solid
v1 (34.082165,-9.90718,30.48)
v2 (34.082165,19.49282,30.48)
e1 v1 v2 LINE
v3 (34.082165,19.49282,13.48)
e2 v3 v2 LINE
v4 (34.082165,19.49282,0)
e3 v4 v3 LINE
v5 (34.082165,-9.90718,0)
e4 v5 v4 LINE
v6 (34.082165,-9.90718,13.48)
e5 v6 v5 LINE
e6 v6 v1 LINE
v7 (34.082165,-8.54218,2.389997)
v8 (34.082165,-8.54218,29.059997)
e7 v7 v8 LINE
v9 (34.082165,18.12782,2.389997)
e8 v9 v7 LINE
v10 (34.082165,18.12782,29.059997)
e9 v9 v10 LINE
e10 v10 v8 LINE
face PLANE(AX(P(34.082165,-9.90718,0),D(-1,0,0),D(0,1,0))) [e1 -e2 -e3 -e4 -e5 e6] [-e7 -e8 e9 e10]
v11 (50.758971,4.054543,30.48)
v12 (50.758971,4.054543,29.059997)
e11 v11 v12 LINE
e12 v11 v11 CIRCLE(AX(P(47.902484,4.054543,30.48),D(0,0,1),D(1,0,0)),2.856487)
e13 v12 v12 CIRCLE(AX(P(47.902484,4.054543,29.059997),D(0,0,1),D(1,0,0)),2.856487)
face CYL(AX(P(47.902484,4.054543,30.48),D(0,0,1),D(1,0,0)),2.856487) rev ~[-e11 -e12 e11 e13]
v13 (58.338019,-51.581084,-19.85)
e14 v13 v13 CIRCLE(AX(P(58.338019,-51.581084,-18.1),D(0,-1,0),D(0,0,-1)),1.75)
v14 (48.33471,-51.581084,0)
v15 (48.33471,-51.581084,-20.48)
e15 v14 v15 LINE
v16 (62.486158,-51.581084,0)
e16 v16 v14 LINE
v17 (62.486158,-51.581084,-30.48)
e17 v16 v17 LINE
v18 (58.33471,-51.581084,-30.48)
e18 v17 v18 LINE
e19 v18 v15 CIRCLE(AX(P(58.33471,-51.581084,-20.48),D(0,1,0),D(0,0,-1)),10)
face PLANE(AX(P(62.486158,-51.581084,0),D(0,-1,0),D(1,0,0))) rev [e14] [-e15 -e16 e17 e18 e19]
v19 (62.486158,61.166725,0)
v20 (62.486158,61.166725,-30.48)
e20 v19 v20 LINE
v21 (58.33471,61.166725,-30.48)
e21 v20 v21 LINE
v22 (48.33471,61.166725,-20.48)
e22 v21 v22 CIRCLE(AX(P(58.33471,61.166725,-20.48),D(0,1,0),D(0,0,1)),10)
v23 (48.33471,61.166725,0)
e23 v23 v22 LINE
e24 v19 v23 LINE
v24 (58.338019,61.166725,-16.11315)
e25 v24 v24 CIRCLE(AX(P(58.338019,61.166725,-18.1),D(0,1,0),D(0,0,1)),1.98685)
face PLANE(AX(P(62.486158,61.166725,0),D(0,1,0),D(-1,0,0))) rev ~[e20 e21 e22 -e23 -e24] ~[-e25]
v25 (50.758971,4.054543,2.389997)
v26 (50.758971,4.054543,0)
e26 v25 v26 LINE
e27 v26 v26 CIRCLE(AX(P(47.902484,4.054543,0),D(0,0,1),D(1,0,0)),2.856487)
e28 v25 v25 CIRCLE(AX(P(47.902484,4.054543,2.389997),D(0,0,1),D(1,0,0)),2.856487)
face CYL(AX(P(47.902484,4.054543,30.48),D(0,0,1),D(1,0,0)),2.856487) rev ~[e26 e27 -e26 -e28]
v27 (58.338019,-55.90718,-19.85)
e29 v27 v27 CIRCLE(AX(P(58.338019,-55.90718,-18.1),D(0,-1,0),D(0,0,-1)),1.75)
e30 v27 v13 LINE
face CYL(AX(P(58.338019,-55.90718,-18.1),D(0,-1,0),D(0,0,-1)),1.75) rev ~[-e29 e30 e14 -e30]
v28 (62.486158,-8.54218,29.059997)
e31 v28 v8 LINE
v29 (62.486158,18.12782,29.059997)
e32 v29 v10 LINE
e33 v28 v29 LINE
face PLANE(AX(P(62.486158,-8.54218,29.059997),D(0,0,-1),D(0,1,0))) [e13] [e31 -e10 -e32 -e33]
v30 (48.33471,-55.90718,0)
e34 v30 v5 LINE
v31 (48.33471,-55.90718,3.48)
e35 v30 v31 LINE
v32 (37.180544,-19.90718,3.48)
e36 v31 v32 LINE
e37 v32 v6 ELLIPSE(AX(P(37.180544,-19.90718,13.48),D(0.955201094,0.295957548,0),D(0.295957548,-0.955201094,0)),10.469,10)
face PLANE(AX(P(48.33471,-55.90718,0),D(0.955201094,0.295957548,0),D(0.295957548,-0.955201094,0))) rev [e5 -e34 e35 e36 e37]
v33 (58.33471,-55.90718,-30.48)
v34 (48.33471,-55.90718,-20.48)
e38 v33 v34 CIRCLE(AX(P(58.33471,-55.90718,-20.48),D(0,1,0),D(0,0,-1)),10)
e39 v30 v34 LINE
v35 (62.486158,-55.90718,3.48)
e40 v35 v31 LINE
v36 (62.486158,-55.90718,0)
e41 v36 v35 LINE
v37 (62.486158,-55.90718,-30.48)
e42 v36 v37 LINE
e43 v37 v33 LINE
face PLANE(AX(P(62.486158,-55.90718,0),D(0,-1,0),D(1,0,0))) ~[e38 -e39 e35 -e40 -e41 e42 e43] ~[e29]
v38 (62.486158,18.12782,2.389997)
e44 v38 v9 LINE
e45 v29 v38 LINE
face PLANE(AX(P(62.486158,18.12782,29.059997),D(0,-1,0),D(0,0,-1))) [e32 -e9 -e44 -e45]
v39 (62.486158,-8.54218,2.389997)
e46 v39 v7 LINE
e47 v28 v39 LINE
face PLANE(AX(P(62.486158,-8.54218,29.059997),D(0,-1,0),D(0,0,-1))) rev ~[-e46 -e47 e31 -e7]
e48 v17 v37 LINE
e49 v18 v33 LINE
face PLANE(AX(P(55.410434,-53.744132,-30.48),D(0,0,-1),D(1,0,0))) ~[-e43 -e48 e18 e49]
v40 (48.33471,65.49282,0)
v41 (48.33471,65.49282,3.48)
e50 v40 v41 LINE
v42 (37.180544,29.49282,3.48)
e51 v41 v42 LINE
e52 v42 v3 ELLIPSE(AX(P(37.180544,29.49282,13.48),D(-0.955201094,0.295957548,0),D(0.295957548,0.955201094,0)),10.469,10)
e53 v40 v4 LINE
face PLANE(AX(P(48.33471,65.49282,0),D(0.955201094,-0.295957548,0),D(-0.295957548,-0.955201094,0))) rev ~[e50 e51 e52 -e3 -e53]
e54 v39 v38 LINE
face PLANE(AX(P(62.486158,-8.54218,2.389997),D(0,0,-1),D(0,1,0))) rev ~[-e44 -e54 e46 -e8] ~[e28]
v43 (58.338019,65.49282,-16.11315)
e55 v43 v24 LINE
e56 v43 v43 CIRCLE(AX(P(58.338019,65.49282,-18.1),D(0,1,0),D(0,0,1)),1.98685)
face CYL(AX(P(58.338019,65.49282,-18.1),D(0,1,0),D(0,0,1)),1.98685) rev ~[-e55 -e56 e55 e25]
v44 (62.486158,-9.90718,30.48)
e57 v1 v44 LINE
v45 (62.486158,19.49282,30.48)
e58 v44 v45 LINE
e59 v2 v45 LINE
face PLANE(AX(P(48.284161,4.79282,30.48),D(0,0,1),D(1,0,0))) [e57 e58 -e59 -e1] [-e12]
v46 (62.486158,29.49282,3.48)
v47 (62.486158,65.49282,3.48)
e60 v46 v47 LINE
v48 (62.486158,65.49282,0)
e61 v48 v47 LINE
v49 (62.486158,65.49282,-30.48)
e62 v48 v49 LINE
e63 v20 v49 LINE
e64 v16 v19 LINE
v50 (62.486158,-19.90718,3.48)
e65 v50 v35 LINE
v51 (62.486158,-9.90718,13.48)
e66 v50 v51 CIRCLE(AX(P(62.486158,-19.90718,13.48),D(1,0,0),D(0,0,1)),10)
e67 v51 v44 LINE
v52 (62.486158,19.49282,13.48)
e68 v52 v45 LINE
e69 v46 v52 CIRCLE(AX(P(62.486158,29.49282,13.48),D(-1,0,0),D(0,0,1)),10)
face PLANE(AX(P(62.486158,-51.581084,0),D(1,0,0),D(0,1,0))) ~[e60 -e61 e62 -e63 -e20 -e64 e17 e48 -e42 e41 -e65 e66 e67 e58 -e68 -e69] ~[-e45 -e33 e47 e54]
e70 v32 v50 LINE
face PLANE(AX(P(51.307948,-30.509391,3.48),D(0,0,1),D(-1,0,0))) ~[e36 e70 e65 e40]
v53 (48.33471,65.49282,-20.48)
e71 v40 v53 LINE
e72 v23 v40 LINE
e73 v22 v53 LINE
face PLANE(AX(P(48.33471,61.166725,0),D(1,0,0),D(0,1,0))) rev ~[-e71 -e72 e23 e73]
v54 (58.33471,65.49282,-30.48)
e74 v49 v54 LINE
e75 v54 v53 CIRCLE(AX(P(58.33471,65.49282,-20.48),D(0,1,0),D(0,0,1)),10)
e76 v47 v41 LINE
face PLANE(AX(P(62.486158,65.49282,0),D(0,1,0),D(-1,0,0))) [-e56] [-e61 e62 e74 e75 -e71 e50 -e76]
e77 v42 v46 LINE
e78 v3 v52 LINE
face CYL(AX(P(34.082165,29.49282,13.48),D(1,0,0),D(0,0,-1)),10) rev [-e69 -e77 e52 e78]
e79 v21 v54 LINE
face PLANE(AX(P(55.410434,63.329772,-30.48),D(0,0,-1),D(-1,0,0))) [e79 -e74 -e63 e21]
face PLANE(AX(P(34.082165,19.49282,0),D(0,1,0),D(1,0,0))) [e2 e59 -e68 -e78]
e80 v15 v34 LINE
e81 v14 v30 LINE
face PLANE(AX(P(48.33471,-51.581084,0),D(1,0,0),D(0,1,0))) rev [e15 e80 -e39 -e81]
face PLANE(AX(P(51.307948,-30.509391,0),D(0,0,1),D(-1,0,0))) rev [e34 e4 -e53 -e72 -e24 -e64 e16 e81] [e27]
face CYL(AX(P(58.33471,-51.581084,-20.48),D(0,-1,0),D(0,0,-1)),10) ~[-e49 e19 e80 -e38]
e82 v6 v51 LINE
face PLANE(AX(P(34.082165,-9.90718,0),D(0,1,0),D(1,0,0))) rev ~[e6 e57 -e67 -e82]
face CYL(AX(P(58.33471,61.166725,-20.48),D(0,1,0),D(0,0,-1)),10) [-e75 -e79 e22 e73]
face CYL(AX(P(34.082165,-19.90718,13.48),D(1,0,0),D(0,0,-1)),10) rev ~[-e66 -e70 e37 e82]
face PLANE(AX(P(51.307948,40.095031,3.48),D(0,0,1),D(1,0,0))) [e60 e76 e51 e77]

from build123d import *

# Parameters (mm, degrees)
SKETCH2_W           = 28.40399364
SKETCH2_H           = 29.4
BOSS_EXTRUDE1_DEPTH = 30.48
BOSS_EXTRUDE2_DEPTH = 3.48
SKETCH7_W           = 14.151447967
SKETCH7_H           = 4.326095682
BOSS_EXTRUDE3_DEPTH = 30.48
SKETCH8_R           = 1.986850399
CUT_EXTRUDE3_DEPTH  = 4.48
FILLET2_R           = 10
SKETCH4_R           = 2.85648699
CUT_EXTRUDE2_DEPTH  = 30.48
FILLET3_R           = 10
SKETCH9_R           = 1.75
CUT_EXTRUDE4_DEPTH  = 4.48
SKETCH3_W           = 26.67
SKETCH3_H           = 26.67
CUT_EXTRUDE1_DEPTH  = 30.48
FILLET4_R           = 10


with BuildPart() as part:
    # Sketch2 → Boss-Extrude1 (new body)
    with BuildSketch(Plane.XY):
        with Locations((48.284161423, 4.792820272)):
            Rectangle(SKETCH2_W, SKETCH2_H)
    boss_extrude1 = extrude(amount=BOSS_EXTRUDE1_DEPTH)

    # Sketch5 → Boss-Extrude2 (add)
    with BuildSketch(Plane(origin=(0, 0, 0), x_dir=(-1, 0, 0), z_dir=(0, 0, -1))):
        Polygon((-62.486158243, 19.492820272), (-62.486158243, 65.492820272), (-48.334710276, 65.492820272), (-34.082164603, 19.492820272), align=None)
    boss_extrude2 = extrude(amount=-BOSS_EXTRUDE2_DEPTH)

    # Sketch7 → Boss-Extrude3 (add)
    with BuildSketch(Plane(origin=(0, 0, 0), x_dir=(-1, 0, 0), z_dir=(0, 0, -1))):
        with Locations((-55.41043426, 63.329772431)):
            Rectangle(SKETCH7_W, SKETCH7_H)
    boss_extrude3 = extrude(amount=BOSS_EXTRUDE3_DEPTH)

    # Sketch8 → Cut-Extrude3 (cut)
    with BuildSketch(Plane(origin=(0, 65.492820272, 0), x_dir=(1, 0, 0), z_dir=(0, 1, 0))):
        with Locations((58.338019211, 18.1)):
            Circle(SKETCH8_R)
    extrude(amount=-CUT_EXTRUDE3_DEPTH, mode=Mode.SUBTRACT)

    # Fillet2
    fillet2_edges = [part.edges().sort_by_distance(p)[0] for p in [
        (48.284161423, 19.492820272, 3.48),
    ]]
    fillet(fillet2_edges, radius=FILLET2_R)

    # Mirror3: Boss-Extrude1, Boss-Extrude2, Boss-Extrude3 across plane
    add(boss_extrude1.mirror(Plane(origin=(0, 4.792820272, 0), x_dir=(0, 0, 1), z_dir=(0, -1, 0))))
    add(boss_extrude2.mirror(Plane(origin=(0, 4.792820272, 0), x_dir=(0, 0, 1), z_dir=(0, -1, 0))))
    add(boss_extrude3.mirror(Plane(origin=(0, 4.792820272, 0), x_dir=(0, 0, 1), z_dir=(0, -1, 0))))

    # Sketch4 → Cut-Extrude2 (cut)
    with BuildSketch(Plane.XY.offset(30.48)):
        with Locations((47.902483521, 4.05454278)):
            Circle(SKETCH4_R)
    extrude(amount=-CUT_EXTRUDE2_DEPTH, mode=Mode.SUBTRACT)

    # Fillet3
    fillet3_edges = [part.edges().sort_by_distance(p)[0] for p in [
        (48.284161423, -9.907179728, 3.48),
    ]]
    fillet(fillet3_edges, radius=FILLET3_R)

    # Sketch9 → Cut-Extrude4 (cut)
    with BuildSketch(Plane.XZ.offset(55.907179728)):
        with Locations((58.338019211, -18.1)):
            Circle(SKETCH9_R)
    extrude(amount=-CUT_EXTRUDE4_DEPTH, mode=Mode.SUBTRACT)

    # Sketch3 → Cut-Extrude1 (cut)
    with BuildSketch(Plane(origin=(62.486158243, 0, 0), x_dir=(0, 0, -1), z_dir=(1, 0, 0))):
        with Locations((-15.72499675, 4.792820272)):
            Rectangle(SKETCH3_W, SKETCH3_H)
    extrude(amount=-CUT_EXTRUDE1_DEPTH, mode=Mode.SUBTRACT)

    # Fillet4
    fillet4_edges = [part.edges().sort_by_distance(p)[0] for p in [
        (48.334710276, 63.329772431, -30.48),
        (48.334710276, -53.744131887, -30.48),
    ]]
    fillet(fillet4_edges, radius=FILLET4_R)


solid = part.part
